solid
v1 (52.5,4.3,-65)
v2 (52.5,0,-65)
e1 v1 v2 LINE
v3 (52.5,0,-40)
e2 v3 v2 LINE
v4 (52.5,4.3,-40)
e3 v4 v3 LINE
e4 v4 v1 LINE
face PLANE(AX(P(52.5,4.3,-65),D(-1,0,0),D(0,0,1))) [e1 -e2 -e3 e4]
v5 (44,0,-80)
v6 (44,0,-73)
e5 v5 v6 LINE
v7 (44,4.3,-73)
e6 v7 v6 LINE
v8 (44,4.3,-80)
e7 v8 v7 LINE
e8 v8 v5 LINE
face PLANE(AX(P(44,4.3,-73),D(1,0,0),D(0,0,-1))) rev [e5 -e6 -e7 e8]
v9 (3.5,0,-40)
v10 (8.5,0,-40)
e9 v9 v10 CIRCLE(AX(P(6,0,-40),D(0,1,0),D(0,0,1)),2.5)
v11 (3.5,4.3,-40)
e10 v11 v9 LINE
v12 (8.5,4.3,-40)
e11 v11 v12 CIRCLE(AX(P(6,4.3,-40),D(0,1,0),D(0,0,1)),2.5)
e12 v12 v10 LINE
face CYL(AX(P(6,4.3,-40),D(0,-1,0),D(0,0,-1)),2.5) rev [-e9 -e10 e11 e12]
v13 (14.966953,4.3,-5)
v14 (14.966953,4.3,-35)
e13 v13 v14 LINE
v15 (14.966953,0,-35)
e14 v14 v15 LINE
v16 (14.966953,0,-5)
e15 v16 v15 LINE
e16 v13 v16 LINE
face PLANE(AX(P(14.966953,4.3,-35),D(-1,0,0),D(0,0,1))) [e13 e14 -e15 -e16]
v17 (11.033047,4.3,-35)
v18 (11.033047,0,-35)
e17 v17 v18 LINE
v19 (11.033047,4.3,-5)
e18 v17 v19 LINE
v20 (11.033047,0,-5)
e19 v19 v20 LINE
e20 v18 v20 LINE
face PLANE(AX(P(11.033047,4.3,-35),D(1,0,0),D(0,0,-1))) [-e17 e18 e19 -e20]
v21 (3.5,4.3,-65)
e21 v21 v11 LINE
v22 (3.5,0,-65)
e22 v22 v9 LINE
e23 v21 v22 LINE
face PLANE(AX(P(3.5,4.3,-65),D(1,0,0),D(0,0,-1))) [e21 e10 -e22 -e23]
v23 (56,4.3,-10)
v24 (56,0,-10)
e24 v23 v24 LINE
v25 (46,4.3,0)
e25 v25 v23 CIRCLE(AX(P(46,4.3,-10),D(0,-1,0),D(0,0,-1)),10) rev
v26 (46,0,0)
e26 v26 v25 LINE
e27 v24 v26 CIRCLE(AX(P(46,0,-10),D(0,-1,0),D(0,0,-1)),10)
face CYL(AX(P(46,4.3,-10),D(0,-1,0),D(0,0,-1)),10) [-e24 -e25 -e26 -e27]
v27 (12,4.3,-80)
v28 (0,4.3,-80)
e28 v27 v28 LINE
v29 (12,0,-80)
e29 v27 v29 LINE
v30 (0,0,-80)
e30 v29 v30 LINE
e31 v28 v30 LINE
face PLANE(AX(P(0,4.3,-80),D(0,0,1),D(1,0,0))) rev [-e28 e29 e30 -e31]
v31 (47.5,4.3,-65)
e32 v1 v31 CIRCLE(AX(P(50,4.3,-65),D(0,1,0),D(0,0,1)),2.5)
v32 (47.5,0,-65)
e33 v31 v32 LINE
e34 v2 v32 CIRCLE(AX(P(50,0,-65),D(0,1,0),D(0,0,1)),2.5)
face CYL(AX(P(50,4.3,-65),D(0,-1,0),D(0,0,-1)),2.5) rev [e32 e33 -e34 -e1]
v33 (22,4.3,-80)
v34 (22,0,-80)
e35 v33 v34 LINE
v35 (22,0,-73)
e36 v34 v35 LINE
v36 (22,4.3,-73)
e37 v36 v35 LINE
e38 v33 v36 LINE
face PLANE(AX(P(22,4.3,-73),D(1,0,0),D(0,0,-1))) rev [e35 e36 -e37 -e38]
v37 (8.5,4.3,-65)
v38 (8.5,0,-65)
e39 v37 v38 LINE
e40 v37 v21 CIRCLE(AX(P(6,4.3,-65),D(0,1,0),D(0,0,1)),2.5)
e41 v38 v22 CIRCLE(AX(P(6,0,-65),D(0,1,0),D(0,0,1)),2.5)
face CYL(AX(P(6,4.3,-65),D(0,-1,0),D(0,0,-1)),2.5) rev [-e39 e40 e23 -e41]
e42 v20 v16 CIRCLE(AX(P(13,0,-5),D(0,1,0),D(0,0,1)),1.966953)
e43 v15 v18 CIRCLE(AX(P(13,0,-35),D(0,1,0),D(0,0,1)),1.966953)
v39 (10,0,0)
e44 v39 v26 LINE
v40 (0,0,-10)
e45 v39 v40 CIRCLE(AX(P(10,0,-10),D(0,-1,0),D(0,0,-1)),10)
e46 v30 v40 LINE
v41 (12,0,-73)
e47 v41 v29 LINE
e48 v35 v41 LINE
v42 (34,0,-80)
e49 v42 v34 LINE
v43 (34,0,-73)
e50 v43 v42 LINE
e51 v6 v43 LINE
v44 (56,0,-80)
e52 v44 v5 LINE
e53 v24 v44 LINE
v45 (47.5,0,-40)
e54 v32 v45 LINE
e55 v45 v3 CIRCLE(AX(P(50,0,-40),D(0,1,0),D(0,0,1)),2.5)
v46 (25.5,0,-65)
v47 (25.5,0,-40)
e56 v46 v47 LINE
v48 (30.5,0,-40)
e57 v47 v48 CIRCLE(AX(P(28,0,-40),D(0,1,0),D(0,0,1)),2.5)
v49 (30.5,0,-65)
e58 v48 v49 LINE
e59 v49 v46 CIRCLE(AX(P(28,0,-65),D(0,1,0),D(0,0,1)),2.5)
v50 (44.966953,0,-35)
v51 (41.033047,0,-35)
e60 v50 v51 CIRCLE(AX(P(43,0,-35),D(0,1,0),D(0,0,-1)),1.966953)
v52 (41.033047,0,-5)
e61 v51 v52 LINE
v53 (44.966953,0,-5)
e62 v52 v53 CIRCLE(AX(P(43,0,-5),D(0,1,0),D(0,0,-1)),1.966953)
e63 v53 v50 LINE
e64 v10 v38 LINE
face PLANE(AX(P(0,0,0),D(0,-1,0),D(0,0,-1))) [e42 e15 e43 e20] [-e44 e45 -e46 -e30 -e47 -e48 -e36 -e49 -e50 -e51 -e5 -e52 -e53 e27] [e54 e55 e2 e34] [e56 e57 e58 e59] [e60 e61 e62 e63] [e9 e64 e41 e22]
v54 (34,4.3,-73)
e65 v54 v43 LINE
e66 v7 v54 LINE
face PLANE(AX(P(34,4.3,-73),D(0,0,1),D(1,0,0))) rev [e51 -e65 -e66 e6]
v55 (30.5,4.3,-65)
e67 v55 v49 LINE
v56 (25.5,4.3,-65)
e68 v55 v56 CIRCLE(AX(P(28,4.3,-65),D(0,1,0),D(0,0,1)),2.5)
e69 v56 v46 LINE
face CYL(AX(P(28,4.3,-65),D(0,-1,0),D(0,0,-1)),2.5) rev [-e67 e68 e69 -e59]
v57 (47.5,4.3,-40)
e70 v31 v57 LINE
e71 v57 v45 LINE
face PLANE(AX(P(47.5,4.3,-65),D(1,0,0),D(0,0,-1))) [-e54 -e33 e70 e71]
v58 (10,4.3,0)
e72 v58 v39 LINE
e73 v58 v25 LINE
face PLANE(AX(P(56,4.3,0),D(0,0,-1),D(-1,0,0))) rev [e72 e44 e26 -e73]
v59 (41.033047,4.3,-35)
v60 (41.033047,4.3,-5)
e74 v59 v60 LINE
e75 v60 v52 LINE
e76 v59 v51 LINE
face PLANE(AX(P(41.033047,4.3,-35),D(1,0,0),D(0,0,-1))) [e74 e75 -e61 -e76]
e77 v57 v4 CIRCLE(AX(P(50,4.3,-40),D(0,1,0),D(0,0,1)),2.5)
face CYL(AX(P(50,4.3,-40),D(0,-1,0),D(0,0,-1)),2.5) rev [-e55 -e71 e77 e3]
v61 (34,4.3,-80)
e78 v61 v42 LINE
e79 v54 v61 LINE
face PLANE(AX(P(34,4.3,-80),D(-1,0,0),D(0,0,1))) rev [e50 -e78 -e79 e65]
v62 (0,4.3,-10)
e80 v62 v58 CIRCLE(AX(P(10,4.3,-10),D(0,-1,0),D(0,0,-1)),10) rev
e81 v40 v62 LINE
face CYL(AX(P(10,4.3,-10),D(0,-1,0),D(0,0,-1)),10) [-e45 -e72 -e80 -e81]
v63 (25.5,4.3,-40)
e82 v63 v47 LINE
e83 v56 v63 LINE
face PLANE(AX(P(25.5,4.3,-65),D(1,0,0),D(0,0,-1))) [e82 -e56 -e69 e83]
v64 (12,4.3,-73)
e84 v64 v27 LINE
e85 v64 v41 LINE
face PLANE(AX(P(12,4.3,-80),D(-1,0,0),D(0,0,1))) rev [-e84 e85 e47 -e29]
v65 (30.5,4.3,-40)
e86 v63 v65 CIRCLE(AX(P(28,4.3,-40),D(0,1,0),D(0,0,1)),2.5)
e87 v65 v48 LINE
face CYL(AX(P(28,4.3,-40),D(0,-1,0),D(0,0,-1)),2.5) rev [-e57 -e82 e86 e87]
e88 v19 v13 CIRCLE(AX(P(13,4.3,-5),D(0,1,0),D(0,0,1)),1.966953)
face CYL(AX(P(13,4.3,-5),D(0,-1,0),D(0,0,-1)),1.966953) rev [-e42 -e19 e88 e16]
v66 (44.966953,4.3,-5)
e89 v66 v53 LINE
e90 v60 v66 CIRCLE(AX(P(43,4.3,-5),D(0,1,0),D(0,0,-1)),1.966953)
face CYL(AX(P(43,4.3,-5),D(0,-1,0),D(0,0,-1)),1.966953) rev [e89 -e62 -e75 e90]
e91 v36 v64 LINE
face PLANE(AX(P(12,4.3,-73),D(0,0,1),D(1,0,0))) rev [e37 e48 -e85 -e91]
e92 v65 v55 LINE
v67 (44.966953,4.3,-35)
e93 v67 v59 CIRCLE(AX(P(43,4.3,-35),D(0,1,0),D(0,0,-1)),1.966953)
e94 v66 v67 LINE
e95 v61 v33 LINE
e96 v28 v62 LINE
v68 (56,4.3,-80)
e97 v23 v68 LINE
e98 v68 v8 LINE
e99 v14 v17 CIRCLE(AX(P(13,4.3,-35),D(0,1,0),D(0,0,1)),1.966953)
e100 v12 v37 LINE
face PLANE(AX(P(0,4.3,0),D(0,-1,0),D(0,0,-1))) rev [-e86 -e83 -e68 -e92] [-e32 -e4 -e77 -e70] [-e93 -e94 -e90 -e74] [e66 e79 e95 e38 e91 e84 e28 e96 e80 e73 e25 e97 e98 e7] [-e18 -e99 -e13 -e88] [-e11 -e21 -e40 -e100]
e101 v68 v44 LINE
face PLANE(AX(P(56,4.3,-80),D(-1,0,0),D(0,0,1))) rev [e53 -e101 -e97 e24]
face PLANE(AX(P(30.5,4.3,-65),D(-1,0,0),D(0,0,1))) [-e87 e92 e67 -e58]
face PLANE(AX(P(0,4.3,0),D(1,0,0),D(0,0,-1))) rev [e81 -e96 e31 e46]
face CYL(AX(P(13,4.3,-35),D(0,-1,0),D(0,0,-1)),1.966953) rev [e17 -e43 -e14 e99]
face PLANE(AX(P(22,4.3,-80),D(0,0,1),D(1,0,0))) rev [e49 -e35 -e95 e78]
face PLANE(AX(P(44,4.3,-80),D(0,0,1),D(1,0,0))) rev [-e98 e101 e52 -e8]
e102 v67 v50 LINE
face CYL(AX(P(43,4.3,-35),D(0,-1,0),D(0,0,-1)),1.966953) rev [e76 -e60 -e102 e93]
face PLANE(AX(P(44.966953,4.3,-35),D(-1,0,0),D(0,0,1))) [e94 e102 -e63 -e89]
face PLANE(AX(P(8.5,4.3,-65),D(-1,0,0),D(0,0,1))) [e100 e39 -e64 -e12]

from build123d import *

# Parameters (mm, degrees)
BOSS_EXTRUDE1_DEPTH = 4.3
FILLET1_R           = 10


with BuildPart() as part:
    # Sketch1 → Boss-Extrude1 (new body)
    with BuildSketch(Plane(origin=(0, 0, 0), x_dir=(1, 0, 0), z_dir=(0, 1, 0))):
        Polygon((0, 0), (0, 80), (12, 80), (12, 73), (22, 73), (22, 80), (34, 80), (34, 73), (44, 73), (44, 80), (56, 80), (56, 0), align=None)
        with BuildLine():
            Line((14.966953147, 35), (14.966953147, 5))
            ThreePointArc((14.966953147, 5), (13, 3.033046853), (11.033046853, 5))
            Line((11.033046853, 5), (11.033046853, 35))
            ThreePointArc((11.033046853, 35), (13, 36.966953147), (14.966953147, 35))
        make_face(mode=Mode.SUBTRACT)
        with BuildLine():
            Line((8.5, 65), (8.5, 40))
            ThreePointArc((8.5, 40), (6, 37.5), (3.5, 40))
            Line((3.5, 40), (3.5, 65))
            ThreePointArc((3.5, 65), (6, 67.5), (8.5, 65))
        make_face(mode=Mode.SUBTRACT)
        with BuildLine():
            Line((41.033046853, 35), (41.033046853, 5))
            ThreePointArc((41.033046853, 5), (43, 3.033046853), (44.966953147, 5))
            Line((44.966953147, 5), (44.966953147, 35))
            ThreePointArc((44.966953147, 35), (43, 36.966953147), (41.033046853, 35))
        make_face(mode=Mode.SUBTRACT)
        with BuildLine():
            Line((25.5, 65), (25.5, 40))
            ThreePointArc((25.5, 40), (28, 37.5), (30.5, 40))
            Line((30.5, 40), (30.5, 65))
            ThreePointArc((30.5, 65), (28, 67.5), (25.5, 65))
        make_face(mode=Mode.SUBTRACT)
        with BuildLine():
            Line((47.5, 65), (47.5, 40))
            ThreePointArc((47.5, 40), (50, 37.5), (52.5, 40))
            Line((52.5, 40), (52.5, 65))
            ThreePointArc((52.5, 65), (50, 67.5), (47.5, 65))
        make_face(mode=Mode.SUBTRACT)
    extrude(amount=BOSS_EXTRUDE1_DEPTH)

    # Fillet1
    fillet1_edges = [part.edges().sort_by_distance(p)[0] for p in [
        (0, 2.15, 0),
        (56, 2.15, 0),
    ]]
    fillet(fillet1_edges, radius=FILLET1_R)


solid = part.part
